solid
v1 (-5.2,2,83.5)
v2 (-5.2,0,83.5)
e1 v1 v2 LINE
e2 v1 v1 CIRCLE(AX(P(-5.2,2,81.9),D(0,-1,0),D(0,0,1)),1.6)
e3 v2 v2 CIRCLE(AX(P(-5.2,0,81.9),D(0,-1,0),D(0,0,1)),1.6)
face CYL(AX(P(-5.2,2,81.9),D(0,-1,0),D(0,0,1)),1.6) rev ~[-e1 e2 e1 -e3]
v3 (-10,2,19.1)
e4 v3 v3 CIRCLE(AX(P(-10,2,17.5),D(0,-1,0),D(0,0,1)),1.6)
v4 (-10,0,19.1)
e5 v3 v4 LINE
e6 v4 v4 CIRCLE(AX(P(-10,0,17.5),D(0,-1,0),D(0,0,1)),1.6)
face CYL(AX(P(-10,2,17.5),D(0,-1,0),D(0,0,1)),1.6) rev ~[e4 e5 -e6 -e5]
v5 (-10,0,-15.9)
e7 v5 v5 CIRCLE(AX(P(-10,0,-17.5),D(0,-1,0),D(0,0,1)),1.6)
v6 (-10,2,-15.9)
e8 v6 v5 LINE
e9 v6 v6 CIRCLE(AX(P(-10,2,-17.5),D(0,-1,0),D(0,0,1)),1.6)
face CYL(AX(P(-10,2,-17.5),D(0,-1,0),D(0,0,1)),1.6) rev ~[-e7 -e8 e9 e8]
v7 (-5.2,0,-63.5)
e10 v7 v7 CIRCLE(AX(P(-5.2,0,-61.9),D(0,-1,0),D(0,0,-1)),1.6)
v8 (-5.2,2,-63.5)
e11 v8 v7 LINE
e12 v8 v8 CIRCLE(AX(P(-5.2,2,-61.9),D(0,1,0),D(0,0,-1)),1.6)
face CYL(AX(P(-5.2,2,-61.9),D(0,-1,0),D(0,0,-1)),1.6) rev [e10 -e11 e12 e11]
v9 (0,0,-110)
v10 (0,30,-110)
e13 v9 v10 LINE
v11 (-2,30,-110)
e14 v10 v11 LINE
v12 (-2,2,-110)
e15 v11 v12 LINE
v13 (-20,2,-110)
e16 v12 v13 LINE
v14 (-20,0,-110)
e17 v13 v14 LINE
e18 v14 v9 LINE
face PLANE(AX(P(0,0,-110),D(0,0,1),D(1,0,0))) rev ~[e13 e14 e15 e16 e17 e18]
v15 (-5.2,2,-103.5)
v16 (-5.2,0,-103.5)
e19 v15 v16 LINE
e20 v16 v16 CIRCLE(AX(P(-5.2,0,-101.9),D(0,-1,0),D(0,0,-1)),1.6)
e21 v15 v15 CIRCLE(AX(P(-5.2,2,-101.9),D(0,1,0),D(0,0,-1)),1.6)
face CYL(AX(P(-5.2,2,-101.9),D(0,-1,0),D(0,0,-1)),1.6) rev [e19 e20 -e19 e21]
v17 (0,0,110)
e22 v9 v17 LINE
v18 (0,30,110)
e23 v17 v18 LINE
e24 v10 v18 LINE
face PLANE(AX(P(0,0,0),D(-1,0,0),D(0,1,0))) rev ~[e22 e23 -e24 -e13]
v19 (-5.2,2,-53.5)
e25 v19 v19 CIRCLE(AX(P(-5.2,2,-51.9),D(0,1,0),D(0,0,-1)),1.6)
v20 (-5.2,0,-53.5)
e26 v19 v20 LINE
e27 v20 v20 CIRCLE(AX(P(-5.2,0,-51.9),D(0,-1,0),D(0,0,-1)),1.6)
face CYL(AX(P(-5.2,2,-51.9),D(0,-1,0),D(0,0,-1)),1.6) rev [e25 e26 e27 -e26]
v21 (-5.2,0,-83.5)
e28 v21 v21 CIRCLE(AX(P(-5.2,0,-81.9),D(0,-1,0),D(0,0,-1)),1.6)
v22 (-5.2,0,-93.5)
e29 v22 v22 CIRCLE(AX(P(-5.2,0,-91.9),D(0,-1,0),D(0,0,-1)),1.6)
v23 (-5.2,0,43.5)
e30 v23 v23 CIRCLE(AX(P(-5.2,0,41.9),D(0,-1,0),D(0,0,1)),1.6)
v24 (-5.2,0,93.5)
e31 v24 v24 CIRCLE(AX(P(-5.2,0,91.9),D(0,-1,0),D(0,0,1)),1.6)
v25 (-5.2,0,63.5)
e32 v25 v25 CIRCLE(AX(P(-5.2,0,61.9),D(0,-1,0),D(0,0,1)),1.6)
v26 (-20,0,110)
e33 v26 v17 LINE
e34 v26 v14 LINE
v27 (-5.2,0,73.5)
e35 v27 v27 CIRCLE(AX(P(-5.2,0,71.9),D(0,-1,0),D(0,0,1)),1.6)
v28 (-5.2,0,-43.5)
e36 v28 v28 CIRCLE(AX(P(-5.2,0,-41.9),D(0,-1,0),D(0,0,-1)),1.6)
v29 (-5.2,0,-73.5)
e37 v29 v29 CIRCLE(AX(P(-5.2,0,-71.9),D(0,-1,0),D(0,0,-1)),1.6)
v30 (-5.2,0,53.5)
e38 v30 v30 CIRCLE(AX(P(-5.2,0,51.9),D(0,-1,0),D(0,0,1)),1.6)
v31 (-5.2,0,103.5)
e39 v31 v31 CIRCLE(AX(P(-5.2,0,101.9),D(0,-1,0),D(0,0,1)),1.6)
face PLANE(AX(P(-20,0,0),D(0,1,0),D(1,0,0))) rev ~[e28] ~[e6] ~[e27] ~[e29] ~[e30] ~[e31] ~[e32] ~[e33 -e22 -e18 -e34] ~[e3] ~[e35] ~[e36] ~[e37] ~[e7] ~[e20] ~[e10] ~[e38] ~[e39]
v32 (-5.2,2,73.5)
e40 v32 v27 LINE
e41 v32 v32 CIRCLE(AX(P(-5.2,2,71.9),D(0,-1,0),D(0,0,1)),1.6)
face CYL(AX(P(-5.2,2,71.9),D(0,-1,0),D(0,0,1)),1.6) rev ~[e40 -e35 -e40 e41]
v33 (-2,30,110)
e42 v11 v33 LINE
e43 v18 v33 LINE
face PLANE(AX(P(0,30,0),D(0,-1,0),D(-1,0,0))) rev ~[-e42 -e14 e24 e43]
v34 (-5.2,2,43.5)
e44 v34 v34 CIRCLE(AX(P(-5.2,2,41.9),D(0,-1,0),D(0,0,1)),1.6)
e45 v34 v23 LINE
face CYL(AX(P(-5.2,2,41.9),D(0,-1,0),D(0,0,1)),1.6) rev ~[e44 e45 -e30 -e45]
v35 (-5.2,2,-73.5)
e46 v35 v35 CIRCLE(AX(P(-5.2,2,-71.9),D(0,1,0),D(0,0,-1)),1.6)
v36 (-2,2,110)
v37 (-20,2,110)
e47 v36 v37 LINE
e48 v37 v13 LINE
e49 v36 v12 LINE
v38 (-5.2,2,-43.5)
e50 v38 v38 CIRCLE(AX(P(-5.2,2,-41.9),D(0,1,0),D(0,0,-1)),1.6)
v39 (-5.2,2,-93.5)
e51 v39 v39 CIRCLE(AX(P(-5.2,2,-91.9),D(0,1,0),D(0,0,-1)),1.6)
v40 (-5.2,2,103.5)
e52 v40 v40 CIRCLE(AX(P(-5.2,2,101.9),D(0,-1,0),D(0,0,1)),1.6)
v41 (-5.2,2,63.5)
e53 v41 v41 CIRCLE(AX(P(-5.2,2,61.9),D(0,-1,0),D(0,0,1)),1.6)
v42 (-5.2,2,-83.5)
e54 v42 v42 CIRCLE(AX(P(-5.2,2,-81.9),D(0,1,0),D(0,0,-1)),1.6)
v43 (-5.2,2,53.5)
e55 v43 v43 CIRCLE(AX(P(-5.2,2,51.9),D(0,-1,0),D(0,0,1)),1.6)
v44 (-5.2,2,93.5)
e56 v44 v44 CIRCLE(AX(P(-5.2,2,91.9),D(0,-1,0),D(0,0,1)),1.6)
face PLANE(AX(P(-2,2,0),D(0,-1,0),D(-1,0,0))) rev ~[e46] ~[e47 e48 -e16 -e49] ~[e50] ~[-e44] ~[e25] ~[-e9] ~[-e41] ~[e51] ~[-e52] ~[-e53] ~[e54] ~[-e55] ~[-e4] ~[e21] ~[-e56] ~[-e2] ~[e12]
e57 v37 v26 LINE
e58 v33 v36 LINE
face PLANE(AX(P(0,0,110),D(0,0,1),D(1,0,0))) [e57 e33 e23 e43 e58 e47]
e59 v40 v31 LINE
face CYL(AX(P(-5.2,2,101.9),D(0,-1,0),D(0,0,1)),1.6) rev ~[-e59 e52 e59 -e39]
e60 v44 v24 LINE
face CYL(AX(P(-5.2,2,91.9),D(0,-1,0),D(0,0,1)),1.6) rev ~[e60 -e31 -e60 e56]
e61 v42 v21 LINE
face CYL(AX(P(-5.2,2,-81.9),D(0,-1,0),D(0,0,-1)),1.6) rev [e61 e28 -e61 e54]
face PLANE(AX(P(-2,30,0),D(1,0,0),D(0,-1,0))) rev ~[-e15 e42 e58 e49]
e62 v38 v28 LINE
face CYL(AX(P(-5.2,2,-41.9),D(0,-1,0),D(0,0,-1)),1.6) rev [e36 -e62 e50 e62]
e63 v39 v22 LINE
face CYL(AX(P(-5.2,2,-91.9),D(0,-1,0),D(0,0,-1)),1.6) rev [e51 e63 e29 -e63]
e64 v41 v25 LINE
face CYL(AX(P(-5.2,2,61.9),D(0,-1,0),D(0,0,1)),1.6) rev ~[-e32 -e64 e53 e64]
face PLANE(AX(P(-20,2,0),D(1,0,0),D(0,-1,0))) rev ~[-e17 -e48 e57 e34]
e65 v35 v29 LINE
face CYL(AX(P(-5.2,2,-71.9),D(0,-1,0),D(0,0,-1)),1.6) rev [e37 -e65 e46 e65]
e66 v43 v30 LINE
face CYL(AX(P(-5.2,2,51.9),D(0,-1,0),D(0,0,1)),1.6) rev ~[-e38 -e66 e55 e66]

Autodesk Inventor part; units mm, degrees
ref_plane "YZ Plane" through (0, 0, 0) normal (1, 0, 0) x (0, 1, 0)
ref_plane "XZ Plane" through (0, 0, 0) normal (0, 1, 0) x (-1, 0, 0)
ref_plane "XY Plane" through (0, 0, 0) normal (0, 0, 1) x (1, 0, 0)
sketch "Szkic1" plane through (0, 0, 0) normal (0, 0, 1) x (1, 0, 0)
  line L0 (0, 0) -> (0, 30)
  line L1 (0, 30) -> (-2, 30)
  line L2 (-2, 30) -> (-2, 2)
  line L3 (-2, 2) -> (-20, 2)
  line L4 (-20, 2) -> (-20, 0)
  line L5 (-20, 0) -> (0, 0)
  dimension "d0" = 30
  dimension "d1" = 2
  dimension "d2" = 28
  dimension "d4" = 20
extrude "Wyciągnięcie proste1" add sketch "Szkic1" along normal mid plane 220
sketch "Szkic2" plane through (-20, 2, 110) normal (0, 1, 0) x (1, 0, 0)
  line L0 (18, 0) -> (0, 0) projected
  line L1 (20, 0) -> (20, 220) projected
  point P0 (20, 110)
  point P1 (14.8, 8.1)
  dimension "d7" = 8.1
  dimension "d8" = 5.2
hole "Otwór1" at (-5.2, 2, 101.9) direction (0, -1, 0) diameter 3.2 end through all
pattern_linear "Szyk prostokątny1" count 7 spacing 10 along (0, 0, -1) of "Otwór1"
mirror "Odbij1" about plane through (0, 0, 0) normal (0, 0, 1) of "Otwór1", "Szyk prostokątny1"
sketch "Szkic3" plane through (-20, 2, 110) normal (0, 1, 0) x (1, 0, 0)
  line L0 (24, 110) -> (-4, 110) projected
  line L1 (10, 127.5) -> (10, 92.5) construction
  line L2 (20, 220) -> (20, 0) projected
  point P0 (20, 110)
  point P1 (10, 110)
  dimension "d19" = 35
  dimension "d20" = 10
hole "Otwór2" at (-10, 2, -17.5) at (-10, 2, 17.5) direction (0, -1, 0) diameter 3.2 end through all
properties part number "bepf_podwozie_belka_glowna" material "Aluminium 6061"
